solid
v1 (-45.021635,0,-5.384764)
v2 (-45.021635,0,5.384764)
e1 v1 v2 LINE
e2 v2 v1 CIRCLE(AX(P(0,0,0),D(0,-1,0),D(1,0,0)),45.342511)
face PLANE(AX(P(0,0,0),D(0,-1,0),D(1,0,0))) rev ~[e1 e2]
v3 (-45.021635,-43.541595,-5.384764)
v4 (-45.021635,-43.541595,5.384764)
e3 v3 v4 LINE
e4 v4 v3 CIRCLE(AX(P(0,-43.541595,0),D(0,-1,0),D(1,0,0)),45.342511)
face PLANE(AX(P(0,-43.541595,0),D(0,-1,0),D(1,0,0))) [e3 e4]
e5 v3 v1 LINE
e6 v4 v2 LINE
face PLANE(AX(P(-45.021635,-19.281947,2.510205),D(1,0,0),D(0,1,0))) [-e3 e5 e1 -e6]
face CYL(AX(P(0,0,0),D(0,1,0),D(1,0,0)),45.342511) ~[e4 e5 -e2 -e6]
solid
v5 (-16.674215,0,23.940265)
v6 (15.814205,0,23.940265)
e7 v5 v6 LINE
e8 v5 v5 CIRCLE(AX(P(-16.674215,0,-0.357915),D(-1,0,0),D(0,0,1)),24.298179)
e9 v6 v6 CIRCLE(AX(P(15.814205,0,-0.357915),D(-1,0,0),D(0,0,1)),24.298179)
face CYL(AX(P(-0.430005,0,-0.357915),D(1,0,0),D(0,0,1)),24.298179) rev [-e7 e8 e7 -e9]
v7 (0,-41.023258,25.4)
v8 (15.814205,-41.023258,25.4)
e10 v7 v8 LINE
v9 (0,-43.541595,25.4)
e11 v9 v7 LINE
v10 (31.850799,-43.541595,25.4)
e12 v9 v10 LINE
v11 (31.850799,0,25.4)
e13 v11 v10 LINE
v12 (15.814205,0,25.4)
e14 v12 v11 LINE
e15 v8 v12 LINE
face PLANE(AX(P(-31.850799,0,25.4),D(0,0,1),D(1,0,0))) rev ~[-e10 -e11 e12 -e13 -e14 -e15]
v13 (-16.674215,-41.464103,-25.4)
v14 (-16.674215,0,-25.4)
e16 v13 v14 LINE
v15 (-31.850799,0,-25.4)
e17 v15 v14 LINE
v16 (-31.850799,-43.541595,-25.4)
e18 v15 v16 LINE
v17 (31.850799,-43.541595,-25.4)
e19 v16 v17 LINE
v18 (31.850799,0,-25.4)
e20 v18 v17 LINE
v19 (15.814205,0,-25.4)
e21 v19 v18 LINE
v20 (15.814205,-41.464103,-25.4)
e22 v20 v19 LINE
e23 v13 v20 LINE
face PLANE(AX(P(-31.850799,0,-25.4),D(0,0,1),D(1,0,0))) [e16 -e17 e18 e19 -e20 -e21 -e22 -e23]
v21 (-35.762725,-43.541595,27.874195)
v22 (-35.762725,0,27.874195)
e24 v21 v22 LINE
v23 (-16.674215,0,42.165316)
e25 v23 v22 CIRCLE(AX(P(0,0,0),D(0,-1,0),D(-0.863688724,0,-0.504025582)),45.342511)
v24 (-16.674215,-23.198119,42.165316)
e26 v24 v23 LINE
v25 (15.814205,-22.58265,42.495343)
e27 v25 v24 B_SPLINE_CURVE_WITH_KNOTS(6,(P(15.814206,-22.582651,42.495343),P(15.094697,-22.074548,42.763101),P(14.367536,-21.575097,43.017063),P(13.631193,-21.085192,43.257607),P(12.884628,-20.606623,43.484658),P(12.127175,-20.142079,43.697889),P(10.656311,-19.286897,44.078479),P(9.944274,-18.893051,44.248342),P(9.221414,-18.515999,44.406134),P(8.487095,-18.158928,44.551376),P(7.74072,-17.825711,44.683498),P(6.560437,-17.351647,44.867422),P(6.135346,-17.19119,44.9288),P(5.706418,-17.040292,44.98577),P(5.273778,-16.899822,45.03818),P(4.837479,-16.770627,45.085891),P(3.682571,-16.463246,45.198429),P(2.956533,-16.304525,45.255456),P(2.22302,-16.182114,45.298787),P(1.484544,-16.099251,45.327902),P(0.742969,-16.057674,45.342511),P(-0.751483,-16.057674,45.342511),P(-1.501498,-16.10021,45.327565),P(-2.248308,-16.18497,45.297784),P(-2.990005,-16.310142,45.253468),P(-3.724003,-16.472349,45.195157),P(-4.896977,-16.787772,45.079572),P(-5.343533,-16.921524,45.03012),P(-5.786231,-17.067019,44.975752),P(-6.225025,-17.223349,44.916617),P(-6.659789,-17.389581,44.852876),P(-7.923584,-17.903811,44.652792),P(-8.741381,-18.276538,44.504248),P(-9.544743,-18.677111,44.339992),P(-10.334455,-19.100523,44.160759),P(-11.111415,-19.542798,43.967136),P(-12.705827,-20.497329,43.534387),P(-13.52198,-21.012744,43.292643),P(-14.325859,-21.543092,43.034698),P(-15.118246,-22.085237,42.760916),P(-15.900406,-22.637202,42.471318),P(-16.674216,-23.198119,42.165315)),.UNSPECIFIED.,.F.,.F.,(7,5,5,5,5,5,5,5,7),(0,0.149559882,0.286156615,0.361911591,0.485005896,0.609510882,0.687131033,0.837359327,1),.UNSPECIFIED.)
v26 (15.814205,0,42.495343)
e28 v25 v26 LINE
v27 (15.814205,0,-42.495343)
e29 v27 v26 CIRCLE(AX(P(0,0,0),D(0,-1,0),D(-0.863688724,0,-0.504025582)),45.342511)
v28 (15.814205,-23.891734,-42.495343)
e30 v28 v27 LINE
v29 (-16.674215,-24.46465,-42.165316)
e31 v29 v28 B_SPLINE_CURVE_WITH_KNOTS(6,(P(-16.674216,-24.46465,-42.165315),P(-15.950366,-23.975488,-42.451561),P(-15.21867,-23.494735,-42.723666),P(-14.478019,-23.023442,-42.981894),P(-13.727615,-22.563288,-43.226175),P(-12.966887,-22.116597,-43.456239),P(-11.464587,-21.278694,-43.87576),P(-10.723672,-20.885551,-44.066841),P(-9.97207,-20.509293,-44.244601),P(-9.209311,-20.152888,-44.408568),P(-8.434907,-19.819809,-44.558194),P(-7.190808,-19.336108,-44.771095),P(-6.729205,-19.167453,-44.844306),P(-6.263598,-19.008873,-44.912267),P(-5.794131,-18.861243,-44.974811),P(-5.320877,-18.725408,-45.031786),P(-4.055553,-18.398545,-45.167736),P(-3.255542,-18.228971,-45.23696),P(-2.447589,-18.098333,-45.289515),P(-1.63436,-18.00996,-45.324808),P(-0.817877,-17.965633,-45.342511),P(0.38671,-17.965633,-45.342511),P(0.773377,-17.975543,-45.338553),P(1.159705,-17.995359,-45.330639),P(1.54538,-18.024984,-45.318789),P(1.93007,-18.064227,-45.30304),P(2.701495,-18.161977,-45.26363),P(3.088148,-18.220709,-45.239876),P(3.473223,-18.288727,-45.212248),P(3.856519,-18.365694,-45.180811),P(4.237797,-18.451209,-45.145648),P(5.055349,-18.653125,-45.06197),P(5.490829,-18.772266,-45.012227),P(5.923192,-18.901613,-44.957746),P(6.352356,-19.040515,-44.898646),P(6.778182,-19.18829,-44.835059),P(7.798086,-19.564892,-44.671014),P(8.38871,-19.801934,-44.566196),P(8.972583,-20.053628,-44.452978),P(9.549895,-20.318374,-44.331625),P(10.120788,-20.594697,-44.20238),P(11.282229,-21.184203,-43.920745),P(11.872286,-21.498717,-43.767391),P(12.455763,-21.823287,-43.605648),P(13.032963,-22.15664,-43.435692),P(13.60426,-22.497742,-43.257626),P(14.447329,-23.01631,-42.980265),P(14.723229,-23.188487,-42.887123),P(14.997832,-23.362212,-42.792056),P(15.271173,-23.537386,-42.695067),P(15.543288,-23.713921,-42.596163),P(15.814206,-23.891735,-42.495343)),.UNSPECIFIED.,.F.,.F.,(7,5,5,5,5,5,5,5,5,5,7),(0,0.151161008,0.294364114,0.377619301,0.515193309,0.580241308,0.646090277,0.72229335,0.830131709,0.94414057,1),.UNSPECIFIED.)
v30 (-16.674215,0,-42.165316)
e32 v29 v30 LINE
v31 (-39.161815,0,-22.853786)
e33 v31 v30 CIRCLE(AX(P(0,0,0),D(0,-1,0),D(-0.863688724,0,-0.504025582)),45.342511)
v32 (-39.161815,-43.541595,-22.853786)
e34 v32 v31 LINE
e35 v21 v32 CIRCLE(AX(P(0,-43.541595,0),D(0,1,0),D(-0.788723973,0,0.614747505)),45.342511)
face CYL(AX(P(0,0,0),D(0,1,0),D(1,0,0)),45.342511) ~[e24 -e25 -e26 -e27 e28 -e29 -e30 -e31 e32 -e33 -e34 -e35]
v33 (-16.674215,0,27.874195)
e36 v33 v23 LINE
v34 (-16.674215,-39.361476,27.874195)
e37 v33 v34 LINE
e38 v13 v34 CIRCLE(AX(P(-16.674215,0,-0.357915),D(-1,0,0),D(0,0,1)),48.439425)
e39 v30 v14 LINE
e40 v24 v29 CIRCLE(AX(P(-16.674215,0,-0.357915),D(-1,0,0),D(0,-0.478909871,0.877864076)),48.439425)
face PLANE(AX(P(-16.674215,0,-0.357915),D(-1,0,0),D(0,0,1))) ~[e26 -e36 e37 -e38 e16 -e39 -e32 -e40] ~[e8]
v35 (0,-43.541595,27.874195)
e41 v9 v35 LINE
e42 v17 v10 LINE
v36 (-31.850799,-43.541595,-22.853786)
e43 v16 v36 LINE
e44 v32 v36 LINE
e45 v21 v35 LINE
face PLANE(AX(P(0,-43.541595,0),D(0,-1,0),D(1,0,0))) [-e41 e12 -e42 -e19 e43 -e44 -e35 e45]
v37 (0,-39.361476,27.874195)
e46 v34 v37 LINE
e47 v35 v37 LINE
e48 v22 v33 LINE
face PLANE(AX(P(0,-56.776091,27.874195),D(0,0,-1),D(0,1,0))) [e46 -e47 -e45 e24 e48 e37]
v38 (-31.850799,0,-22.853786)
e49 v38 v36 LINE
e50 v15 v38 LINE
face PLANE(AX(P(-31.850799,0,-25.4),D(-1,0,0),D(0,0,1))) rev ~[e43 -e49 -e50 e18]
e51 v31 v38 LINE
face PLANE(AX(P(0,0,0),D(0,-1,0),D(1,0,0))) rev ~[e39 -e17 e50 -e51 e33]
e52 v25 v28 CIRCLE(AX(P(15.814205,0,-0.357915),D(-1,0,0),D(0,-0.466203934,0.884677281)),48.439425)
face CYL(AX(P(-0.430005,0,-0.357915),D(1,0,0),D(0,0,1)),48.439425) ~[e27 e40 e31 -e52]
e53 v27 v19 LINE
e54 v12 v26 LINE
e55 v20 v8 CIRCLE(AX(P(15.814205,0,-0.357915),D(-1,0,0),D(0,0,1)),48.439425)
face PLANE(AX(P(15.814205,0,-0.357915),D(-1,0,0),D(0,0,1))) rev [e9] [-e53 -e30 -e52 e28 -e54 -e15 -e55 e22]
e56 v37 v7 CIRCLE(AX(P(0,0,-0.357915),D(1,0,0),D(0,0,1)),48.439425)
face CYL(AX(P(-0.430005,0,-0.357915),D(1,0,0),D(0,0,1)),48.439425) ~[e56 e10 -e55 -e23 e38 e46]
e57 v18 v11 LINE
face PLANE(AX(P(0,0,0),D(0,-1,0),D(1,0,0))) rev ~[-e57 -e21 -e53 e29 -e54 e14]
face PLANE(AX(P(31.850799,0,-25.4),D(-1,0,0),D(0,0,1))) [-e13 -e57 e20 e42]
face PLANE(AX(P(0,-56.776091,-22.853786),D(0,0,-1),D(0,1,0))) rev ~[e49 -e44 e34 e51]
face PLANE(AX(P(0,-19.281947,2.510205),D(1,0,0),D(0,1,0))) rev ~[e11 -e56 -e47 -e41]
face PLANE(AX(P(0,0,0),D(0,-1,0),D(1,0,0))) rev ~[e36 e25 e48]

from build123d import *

# Parameters (mm, degrees)
F0_R     = 45.342511
F0_W     = 63.701598
F0_H     = 50.8
F1_DEPTH = 43.541595
F2_W     = 74.988289
F2_H     = 50.727981
F3_DEPTH = 45.021635
F4_W     = 32.488421
F4_H     = 24.141245


with BuildPart() as f1:
    # F0 (on Front) → F1 (new body)
    with BuildSketch(Plane.XZ):
        Circle(F0_R)
        Rectangle(F0_W, F0_H, mode=Mode.SUBTRACT)
    extrude(amount=F1_DEPTH)

    # F2 (on Right) → F3 (cut)
    with BuildSketch(Plane.YZ):
        with Locations((-19.281947, 2.510205)):
            Rectangle(F2_W, F2_H)
    extrude(amount=-F3_DEPTH, mode=Mode.SUBTRACT)

    # F4 (on Front) → F5 (revolve)
    with BuildSketch(Plane.XZ):
        with Locations((-0.430005, 36.010887)):
            Rectangle(F4_W, F4_H)
    revolve(axis=Axis((39.093187, 0, -0.357915), (-1, 0, 0)))


solid = f1.part
